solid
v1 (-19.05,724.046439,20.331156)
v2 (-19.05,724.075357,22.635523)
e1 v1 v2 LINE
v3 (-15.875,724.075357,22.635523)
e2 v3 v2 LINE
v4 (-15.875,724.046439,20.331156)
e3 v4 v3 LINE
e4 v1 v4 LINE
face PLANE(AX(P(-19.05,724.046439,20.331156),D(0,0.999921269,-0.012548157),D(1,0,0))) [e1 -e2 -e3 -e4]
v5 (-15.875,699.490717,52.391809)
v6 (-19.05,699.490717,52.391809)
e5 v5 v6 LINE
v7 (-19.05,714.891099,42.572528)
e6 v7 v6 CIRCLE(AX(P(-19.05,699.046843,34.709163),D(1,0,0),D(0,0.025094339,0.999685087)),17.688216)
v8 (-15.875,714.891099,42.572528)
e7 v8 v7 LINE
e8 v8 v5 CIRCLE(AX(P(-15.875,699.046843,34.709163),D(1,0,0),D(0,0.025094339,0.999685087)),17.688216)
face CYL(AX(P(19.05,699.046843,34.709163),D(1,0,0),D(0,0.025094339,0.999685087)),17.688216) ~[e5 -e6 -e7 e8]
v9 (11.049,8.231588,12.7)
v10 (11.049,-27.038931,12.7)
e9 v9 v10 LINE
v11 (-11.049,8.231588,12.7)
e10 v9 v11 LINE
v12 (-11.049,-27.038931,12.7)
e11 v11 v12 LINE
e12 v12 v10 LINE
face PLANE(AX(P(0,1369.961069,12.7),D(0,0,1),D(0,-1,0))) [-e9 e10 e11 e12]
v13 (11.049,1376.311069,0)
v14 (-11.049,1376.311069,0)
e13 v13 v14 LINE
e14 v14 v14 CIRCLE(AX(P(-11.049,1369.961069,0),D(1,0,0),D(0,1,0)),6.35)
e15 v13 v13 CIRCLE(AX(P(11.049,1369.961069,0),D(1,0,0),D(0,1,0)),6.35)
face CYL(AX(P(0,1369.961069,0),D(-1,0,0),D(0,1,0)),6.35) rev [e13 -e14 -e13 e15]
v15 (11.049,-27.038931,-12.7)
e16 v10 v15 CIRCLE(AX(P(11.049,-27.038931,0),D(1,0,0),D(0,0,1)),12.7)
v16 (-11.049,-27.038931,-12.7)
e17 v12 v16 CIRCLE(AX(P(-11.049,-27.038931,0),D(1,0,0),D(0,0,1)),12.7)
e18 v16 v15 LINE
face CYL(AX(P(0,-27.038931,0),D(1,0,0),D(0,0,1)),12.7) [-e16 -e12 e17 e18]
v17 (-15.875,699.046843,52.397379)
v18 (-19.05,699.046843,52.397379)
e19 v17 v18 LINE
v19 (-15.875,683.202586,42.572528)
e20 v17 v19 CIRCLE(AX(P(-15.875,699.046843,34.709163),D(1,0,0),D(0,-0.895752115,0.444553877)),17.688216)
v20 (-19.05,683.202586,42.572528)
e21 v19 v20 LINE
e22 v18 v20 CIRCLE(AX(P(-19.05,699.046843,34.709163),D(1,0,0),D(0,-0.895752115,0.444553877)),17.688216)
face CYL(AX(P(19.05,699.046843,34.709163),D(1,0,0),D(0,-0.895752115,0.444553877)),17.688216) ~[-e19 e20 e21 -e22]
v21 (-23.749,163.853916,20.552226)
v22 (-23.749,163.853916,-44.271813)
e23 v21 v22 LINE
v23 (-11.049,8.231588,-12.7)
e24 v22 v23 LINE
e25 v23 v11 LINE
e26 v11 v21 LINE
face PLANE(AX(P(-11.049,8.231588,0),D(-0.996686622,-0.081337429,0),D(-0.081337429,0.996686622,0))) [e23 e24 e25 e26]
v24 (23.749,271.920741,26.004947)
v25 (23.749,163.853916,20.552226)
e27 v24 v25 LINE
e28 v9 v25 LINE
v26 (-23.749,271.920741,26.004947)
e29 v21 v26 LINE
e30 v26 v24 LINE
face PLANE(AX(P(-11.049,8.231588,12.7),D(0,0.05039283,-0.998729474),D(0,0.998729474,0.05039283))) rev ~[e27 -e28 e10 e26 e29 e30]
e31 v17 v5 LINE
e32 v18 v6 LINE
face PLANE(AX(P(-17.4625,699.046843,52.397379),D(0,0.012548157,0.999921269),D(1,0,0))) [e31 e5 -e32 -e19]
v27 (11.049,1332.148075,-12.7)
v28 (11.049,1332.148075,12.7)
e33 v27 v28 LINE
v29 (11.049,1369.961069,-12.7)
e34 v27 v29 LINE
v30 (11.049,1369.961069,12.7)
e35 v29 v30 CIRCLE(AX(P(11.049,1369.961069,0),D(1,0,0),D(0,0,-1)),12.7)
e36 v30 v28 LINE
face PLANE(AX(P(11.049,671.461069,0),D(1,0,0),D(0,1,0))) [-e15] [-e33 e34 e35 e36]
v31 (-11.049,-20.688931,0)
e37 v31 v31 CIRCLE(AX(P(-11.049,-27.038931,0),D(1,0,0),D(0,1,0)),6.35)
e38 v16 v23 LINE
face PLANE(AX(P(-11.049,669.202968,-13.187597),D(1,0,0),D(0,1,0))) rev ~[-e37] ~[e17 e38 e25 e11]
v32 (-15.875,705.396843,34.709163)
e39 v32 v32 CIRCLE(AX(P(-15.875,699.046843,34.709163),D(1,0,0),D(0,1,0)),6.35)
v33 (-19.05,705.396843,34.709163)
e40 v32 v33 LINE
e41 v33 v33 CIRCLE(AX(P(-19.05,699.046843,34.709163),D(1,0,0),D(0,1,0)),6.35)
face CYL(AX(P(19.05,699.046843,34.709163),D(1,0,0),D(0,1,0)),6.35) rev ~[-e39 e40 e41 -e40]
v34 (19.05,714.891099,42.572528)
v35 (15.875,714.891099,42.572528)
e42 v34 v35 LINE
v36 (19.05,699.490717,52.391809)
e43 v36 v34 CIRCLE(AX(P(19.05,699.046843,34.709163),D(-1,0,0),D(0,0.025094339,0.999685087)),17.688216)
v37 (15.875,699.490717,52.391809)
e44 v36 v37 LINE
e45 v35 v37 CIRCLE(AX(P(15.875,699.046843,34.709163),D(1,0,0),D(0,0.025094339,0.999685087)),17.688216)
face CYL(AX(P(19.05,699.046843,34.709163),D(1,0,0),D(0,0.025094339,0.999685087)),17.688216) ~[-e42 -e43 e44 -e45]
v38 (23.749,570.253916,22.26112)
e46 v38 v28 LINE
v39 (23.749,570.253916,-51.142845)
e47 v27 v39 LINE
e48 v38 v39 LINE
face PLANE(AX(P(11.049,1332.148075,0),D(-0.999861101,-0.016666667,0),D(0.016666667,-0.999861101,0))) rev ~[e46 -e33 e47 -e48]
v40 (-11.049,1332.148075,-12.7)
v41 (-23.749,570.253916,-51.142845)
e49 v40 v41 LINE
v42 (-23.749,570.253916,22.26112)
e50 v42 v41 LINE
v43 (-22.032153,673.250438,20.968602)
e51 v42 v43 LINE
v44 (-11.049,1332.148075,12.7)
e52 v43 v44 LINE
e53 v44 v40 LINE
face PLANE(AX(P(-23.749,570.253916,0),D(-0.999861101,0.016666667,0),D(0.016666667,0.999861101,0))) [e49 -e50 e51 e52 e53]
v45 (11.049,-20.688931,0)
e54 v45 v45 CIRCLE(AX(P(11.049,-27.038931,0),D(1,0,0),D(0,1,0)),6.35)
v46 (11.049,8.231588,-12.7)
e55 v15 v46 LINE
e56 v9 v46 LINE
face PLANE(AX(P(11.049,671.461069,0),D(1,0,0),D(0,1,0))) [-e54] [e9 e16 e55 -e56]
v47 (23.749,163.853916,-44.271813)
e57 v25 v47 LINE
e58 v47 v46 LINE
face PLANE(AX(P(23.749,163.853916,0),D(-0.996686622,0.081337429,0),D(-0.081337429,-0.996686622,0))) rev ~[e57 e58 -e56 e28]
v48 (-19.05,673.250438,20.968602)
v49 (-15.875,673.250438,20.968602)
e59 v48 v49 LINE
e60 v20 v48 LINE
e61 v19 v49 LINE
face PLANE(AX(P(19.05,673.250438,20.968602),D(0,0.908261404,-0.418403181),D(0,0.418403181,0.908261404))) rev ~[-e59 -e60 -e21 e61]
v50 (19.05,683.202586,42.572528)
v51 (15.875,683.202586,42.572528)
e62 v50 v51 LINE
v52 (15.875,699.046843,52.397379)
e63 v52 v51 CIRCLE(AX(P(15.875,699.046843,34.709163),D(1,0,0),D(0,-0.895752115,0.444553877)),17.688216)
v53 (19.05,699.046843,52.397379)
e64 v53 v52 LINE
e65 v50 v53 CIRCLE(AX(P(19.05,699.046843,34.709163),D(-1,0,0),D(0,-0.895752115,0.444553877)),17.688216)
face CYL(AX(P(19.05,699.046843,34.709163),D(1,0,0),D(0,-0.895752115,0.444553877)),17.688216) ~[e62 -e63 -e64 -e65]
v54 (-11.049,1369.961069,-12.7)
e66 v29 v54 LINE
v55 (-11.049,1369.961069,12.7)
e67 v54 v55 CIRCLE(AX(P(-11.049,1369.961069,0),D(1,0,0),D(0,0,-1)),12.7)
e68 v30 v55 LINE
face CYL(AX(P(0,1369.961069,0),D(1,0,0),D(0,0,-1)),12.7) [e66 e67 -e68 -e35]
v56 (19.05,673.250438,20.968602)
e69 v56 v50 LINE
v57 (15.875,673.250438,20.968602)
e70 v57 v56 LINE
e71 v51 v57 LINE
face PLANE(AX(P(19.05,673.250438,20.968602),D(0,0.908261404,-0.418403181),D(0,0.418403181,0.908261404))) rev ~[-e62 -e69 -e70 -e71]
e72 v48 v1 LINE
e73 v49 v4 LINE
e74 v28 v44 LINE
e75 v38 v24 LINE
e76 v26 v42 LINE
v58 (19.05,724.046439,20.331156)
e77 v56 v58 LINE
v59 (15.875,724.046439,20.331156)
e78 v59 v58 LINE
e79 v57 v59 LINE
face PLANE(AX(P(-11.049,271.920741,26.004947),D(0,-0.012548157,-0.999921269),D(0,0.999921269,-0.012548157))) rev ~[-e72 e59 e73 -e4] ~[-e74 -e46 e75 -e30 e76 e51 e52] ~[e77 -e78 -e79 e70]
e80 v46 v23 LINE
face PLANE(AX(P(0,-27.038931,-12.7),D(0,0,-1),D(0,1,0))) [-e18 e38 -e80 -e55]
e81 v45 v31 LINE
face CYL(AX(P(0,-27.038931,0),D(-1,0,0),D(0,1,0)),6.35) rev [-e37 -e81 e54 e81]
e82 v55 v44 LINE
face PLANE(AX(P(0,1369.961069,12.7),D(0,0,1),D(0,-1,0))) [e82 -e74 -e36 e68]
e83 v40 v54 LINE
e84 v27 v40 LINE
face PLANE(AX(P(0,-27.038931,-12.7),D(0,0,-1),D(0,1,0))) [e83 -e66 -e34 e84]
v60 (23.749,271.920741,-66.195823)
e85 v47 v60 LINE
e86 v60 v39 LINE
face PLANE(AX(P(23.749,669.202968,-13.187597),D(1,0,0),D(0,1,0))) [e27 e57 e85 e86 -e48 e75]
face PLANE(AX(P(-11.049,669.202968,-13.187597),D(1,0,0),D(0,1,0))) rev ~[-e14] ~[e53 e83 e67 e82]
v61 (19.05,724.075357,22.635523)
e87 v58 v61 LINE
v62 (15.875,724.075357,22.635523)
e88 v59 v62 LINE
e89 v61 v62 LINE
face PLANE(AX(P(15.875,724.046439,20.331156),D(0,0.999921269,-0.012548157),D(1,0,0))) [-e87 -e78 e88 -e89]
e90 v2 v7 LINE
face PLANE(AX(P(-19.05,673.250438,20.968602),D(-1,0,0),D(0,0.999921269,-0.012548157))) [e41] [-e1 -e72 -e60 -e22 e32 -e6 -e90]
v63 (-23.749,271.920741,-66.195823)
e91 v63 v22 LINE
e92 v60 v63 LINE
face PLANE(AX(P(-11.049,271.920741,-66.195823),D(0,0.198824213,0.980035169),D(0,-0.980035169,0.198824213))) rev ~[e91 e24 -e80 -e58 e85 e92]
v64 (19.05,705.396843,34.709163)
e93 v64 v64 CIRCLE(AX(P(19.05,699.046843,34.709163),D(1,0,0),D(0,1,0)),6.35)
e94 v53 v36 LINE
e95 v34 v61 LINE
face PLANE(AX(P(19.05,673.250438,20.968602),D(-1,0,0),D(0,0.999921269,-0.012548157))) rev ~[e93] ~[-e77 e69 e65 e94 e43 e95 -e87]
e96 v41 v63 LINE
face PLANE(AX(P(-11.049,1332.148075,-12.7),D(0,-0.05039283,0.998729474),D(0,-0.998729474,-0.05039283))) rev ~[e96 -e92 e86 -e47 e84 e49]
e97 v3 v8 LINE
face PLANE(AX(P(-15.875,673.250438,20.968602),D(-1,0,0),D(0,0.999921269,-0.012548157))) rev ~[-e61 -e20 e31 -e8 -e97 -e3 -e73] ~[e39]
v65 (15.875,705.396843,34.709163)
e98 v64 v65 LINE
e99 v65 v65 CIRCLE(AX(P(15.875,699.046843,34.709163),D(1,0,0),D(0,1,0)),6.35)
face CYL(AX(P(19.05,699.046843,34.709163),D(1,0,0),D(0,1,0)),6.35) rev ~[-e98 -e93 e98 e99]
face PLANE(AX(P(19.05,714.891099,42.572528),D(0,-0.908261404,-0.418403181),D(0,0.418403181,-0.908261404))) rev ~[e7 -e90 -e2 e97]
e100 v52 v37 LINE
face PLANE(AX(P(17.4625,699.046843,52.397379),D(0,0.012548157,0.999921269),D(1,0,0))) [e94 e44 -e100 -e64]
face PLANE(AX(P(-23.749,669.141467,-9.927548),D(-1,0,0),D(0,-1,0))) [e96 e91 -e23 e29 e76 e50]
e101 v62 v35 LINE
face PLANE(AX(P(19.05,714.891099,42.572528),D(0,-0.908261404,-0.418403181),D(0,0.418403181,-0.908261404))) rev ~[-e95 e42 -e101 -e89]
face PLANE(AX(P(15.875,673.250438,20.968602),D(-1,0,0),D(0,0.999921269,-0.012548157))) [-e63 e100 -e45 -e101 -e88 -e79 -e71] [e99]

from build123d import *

# Parameters (mm, degrees)
F0_R      = 6.35
F1_DEPTH  = 11.049
F3_DEPTH  = 22.098
F5_DEPTH  = 12.7
F6_DEPTH  = 22.098
F8_DEPTH  = 12.7
F10_DEPTH = 228.6
F11_W     = 3.175
F11_H     = 50.8
F12_DEPTH = 31.75
F13_R     = 6.35
F14_DEPTH = 42.8


with BuildPart() as f1:
    # F0 (on Right) → F1 (new body, symmetric)
    with BuildSketch(Plane.YZ):
        with BuildLine():
            Line((1369.9610694916, 12.7), (-27.0389305084, 12.7))
            ThreePointArc((-27.0389305084, 12.7), (-39.7389305084, 0), (-27.0389305084, -12.7))
            Line((-27.0389305084, -12.7), (1369.9610694916, -12.7))
            ThreePointArc((1369.9610694916, -12.7), (1382.6610694916, 0), (1369.9610694916, 12.7))
        make_face()
        with Locations((-27.0389305084, 0)):
            Circle(F0_R, mode=Mode.SUBTRACT)
        with Locations((1369.9610694916, 0)):
            Circle(F0_R, mode=Mode.SUBTRACT)
    extrude(amount=F1_DEPTH, both=True)

    # F2 (on face) → F3 (join, through all)
    with BuildSketch(Plane.YZ.offset(11.049)):
        Polygon((1332.1480751038, -12.7), (8.231587708, -12.7), (271.9207406044, -66.1958232522), align=None)
    extrude(amount=-F3_DEPTH)

    # F4 (on face) → F5 (join)
    with BuildSketch(Plane.YZ.offset(11.049)):
        Polygon((1332.1480751038, 12.7), (8.231587708, 12.7), (8.231587708, -12.7), (271.9207406044, -66.1958232522), (1332.1480751038, -12.7), align=None)
        Polygon((271.9207406044, 26.0049468334), (8.231587708, 12.7), (1332.1480751038, 12.7), align=None)
    extrude(amount=F5_DEPTH)

    # F6 (add, through all): a face of the model
    f6_faces = [f1.faces().sort_by_distance(p)[0] for p in [
        (11.049, 537.4334678054, 17.1349822778),
    ]]
    extrude(f6_faces, amount=F6_DEPTH)

    # F7 (on face) → F8 (join)
    with BuildSketch(Plane(origin=(-11.049, 0, 0), x_dir=(0, -1, 0), z_dir=(-1, 0, 0))):
        Polygon((-1332.1480751038, 12.7), (-1332.1480751038, -12.7), (-271.9207406044, -66.1958232522), (-8.231587708, -12.7), (-8.231587708, 12.7), (-271.9207406044, 26.0049468334), align=None)
    extrude(amount=F8_DEPTH)

    # F9 (on Top) → F10 (cut, symmetric)
    with BuildSketch(Plane.XY):
        Polygon((-23.749, 570.2539157877), (-11.049, 1332.1480751038), (-42.6509715617, 1362.8944158554), (-507.5538158417, 214.9578332901), (-61.7056079209, -33.5918478668), (-11.049, 8.231587708), (-23.749, 163.8539157877), align=None)
        Polygon((23.749, 163.8539157877), (11.049, 8.231587708), (61.7056079209, -33.5918478668), (507.5538158417, 214.9578332901), (42.6509715617, 1362.8944158554), (11.049, 1332.1480751038), (23.749, 570.2539157877), align=None)
    extrude(amount=F10_DEPTH, both=True, mode=Mode.SUBTRACT)

    # F11 (on face) → F12 (join)
    with BuildSketch(Plane(origin=(0, 0.3691040914, 29.4126877667), x_dir=(1, 0, 0), z_dir=(0, 0.0125481573, 0.9999212688))):
        with Locations((-17.4625, 698.334315244)):
            Rectangle(F11_W, F11_H)
        with Locations((17.4625, 698.334315244)):
            Rectangle(F11_W, F11_H)
    extrude(amount=F12_DEPTH)

    # F13 (on face) → F14 (cut, through all)
    with BuildSketch(Plane.YZ.offset(19.05)):
        with BuildLine():
            Line((673.6488423855, 52.7161024408), (673.2504383927, 20.9686021572))
            Line((673.2504383927, 20.9686021572), (683.2025858499, 42.5725283176))
            ThreePointArc((683.2025858499, 42.5725283176), (689.7252525102, 49.7418257688), (699.0468426124, 52.3973792465))
            Line((699.0468426124, 52.3973792465), (673.6488423855, 52.7161024408))
        make_face()
        with Locations((699.0468426124, 34.7091633821)):
            Circle(F13_R)
        with BuildLine():
            Line((714.891099375, 42.5725283176), (724.0753566856, 22.6355229997))
            Line((724.0753566856, 22.6355229997), (724.4448428393, 52.0786560523))
            Line((724.4448428393, 52.0786560523), (699.4907166914, 52.3918090062))
            ThreePointArc((699.4907166914, 52.3918090062), (708.556331026, 49.6236734504), (714.891099375, 42.5725283176))
        make_face()
    extrude(amount=-F14_DEPTH, mode=Mode.SUBTRACT)


solid = f1.part
